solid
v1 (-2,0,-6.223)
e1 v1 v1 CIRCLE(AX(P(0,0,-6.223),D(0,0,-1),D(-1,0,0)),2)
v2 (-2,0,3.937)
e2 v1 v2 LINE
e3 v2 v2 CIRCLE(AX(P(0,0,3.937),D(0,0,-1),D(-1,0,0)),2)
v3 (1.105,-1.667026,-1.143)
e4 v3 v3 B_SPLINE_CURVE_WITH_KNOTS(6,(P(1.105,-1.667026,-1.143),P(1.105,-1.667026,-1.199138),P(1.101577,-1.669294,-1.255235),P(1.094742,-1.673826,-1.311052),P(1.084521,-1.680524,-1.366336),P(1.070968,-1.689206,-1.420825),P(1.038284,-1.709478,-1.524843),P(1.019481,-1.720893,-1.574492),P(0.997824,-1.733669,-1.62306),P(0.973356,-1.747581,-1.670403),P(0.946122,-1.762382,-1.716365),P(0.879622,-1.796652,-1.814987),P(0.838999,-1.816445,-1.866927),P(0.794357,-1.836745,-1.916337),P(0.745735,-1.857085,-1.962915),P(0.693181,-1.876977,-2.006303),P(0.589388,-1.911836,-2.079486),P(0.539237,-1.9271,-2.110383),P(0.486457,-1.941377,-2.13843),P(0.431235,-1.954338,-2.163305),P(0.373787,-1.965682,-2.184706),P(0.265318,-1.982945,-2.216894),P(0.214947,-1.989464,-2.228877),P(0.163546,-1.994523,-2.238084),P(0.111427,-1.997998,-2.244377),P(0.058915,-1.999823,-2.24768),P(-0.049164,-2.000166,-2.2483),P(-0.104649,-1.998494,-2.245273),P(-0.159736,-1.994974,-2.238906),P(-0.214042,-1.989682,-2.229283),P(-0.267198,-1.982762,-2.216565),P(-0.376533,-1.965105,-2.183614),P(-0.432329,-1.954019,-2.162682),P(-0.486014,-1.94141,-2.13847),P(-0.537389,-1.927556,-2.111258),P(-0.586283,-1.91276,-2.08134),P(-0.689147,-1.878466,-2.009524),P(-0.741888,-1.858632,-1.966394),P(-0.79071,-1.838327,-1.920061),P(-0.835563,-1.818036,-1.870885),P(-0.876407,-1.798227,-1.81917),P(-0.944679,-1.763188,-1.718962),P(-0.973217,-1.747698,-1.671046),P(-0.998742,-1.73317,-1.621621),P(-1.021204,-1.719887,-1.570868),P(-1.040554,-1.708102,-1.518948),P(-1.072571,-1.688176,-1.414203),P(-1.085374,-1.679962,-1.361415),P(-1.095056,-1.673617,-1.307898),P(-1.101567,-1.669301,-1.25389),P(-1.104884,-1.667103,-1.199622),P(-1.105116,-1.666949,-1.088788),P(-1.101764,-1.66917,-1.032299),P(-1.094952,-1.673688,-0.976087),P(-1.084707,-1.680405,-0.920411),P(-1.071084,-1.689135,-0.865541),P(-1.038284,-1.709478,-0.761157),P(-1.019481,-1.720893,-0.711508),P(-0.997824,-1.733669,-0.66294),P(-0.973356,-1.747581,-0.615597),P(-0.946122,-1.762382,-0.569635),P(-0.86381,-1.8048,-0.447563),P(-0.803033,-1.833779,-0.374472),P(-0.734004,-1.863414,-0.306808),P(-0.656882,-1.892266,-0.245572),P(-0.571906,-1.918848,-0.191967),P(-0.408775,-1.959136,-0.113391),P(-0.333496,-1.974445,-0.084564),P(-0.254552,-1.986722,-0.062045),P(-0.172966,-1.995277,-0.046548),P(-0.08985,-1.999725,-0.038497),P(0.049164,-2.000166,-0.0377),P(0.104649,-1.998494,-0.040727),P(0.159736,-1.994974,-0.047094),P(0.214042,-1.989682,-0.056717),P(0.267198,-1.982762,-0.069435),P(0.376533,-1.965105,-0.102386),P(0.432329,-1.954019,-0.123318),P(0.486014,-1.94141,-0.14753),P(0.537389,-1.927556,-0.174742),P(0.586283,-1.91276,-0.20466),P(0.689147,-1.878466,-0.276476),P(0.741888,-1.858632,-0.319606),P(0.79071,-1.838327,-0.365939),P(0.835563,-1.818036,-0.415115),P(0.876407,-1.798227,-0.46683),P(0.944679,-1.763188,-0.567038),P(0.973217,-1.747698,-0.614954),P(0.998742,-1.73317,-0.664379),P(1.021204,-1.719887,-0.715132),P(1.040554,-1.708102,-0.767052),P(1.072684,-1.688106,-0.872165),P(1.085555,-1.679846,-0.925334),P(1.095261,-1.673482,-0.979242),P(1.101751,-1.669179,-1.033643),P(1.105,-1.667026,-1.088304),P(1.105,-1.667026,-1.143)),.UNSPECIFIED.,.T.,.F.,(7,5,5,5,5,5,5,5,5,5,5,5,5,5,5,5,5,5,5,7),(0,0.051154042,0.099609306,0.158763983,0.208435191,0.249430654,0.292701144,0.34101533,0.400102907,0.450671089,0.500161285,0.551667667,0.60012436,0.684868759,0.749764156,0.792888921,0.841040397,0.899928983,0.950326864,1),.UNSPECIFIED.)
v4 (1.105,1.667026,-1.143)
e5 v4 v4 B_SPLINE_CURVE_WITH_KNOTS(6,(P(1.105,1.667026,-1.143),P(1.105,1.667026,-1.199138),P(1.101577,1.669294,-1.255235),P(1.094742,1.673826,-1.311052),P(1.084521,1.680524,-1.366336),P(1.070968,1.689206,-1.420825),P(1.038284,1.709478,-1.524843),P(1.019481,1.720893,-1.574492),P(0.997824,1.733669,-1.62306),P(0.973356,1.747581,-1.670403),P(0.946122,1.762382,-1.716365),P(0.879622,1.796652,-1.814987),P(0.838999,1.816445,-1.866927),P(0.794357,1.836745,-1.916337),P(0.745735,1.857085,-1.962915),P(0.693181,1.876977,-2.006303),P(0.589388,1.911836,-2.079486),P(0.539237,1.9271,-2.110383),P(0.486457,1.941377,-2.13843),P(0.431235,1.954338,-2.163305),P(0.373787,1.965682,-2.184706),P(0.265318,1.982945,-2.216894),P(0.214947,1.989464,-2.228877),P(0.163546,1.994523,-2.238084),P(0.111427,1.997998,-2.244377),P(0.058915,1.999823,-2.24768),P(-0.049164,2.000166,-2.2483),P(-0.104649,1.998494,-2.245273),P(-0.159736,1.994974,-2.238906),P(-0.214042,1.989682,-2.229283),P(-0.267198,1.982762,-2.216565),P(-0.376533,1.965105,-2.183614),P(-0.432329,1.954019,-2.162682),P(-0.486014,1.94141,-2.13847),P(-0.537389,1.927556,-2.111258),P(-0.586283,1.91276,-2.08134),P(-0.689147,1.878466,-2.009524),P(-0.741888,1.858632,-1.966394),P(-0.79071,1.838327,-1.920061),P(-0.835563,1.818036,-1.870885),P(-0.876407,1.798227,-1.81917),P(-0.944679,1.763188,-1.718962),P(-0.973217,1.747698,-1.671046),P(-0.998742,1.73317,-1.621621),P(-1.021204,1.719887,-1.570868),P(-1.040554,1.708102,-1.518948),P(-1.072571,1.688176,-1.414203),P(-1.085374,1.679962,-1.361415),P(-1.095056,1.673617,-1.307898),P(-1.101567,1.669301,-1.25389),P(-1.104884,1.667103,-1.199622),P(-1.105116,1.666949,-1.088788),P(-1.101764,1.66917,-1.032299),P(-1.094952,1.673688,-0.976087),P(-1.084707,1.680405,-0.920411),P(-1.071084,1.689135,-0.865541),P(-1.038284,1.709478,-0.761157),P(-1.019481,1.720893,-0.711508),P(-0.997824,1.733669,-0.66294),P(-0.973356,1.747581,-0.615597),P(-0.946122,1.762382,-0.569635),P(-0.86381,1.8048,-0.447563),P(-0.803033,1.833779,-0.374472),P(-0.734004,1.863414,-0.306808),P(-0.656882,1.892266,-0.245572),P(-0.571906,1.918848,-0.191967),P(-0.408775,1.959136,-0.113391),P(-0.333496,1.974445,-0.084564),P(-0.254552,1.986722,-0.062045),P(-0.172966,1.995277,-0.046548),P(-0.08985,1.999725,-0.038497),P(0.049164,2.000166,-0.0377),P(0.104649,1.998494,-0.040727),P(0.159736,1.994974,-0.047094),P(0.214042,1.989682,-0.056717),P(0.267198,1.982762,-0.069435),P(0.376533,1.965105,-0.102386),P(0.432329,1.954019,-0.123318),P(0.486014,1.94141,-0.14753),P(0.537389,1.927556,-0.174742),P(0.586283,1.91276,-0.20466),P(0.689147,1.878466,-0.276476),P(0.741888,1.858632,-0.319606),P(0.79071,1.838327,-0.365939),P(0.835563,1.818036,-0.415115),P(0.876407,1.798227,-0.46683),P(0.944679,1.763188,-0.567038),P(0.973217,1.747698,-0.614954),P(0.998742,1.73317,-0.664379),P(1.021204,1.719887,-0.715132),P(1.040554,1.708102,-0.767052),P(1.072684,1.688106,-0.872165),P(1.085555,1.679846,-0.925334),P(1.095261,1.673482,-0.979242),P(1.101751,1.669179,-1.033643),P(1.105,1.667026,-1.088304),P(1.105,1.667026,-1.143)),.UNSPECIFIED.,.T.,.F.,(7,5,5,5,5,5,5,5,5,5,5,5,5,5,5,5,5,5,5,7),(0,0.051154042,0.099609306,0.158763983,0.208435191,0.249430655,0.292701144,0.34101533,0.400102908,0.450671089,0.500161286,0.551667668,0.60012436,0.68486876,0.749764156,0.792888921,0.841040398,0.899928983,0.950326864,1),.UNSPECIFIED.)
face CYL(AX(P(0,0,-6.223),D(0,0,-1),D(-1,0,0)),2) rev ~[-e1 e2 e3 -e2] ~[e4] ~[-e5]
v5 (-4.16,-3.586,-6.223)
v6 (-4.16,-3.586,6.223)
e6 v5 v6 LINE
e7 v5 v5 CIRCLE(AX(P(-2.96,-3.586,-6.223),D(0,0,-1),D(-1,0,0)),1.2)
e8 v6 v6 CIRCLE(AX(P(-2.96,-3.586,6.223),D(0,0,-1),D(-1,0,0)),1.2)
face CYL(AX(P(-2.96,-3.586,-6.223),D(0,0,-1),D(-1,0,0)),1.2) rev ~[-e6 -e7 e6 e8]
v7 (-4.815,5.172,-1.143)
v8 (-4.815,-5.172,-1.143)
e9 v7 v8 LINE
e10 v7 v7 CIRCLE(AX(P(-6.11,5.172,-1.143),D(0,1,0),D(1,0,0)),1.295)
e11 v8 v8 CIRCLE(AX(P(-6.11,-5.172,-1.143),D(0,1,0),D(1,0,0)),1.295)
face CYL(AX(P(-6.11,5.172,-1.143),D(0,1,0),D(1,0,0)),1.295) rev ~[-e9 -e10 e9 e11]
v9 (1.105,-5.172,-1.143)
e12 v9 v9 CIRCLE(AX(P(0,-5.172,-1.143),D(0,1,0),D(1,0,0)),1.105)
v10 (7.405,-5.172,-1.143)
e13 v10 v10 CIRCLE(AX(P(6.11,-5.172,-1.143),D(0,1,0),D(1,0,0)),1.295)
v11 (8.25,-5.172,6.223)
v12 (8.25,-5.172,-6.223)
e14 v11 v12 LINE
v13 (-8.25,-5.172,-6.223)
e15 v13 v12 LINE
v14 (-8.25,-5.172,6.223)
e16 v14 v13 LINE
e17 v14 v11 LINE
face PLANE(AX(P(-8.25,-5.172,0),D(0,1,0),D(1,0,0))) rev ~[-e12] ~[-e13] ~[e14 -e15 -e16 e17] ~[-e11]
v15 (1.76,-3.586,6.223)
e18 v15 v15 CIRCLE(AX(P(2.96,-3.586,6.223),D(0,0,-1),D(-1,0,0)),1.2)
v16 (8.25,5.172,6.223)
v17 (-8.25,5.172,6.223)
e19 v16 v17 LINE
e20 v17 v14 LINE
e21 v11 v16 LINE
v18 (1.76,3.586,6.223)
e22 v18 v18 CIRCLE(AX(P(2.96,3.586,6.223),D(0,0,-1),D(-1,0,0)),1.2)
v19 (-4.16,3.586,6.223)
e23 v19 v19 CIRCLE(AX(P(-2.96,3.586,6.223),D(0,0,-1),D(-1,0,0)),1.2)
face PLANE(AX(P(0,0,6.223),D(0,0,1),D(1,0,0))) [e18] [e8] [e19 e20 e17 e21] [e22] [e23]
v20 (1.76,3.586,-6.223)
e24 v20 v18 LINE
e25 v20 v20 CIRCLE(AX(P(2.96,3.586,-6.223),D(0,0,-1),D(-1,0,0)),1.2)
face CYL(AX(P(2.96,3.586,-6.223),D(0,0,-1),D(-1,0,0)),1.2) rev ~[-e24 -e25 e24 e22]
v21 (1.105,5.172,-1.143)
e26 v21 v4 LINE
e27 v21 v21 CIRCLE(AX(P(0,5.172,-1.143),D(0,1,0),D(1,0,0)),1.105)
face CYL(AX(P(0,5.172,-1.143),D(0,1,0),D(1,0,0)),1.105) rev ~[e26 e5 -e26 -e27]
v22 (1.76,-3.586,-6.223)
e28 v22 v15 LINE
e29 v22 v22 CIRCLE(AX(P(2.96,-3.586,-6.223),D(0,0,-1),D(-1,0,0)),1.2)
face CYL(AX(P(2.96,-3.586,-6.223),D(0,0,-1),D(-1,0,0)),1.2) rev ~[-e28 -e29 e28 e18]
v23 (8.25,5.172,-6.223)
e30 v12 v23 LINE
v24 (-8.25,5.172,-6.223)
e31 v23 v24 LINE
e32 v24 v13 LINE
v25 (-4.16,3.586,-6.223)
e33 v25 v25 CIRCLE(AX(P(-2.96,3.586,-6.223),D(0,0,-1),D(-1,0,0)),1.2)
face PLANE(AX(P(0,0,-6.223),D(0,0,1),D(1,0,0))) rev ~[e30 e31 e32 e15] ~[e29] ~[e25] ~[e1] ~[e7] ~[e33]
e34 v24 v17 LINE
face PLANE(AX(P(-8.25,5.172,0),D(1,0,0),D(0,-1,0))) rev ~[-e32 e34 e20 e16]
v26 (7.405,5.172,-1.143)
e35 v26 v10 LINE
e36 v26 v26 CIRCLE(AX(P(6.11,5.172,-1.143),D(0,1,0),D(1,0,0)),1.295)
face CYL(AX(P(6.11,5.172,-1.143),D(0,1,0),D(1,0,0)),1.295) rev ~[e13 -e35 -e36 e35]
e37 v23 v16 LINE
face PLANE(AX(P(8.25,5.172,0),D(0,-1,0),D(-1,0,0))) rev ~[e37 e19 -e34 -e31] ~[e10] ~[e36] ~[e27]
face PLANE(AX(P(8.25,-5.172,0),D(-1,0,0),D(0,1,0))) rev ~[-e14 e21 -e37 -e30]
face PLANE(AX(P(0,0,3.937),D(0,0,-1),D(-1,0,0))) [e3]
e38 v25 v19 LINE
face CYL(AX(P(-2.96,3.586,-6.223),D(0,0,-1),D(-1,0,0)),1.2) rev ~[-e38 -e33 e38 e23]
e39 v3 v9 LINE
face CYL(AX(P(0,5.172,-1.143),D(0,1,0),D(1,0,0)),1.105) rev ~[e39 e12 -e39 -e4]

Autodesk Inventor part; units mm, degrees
ref_plane "YZ Plane" through (0, 0, 0) normal (1, 0, 0) x (0, 1, 0)
ref_plane "XZ Plane" through (0, 0, 0) normal (0, 1, 0) x (-1, 0, 0)
ref_plane "XY Plane" through (0, 0, 0) normal (0, 0, 1) x (1, 0, 0)
sketch "Sketch1" plane through (0, 0, 0) normal (0, 0, 1) x (1, 0, 0)
  line L0 (8.25, 5.172) -> (-8.25, 5.172)
  line L1 (-8.25, 5.172) -> (-8.25, -5.172)
  line L2 (-8.25, -5.172) -> (8.25, -5.172)
  line L3 (8.25, -5.172) -> (8.25, 5.172)
  point P0 (0, 0)
  dimension "d19" = 10.344
  dimension "d36" = 16.5
  dimension "d37" = 5.172
extrude "Box" add sketch "Sketch1" along normal mid plane 12.446
sketch "Sketch3" plane through (0, 0, -6.223) normal (0, 0, -1) x (-1, 0, 0)
  line L0 (-5.08, 0) -> (5.08, 0) construction
  line L1 (-4.75, 0) -> (4.75, 0) construction
  circle A0 centre (0, 0) radius 2
  dimension "d35" = 4
extrude "Slot" cut sketch "Sketch3" against normal blind 10.16
sketch "Sketch4" plane through (0, 0, -6.223) normal (0, 0, -1) x (-1, 0, 0)
  circle A0 centre (-2.96, 3.586) radius 1.2
  line L0 (8.25, 5.172) -> (-8.25, 5.172) projected
  circle A1 centre (0, 0) radius 2 projected
  line L1 (-8.25, 5.172) -> (-8.25, -5.172) projected
  dimension "d32" = 2.4
  dimension "d34" = 1.586
  dimension "d38" = 3.172
  dimension "d39" = 5.29
extrude "MountingHole" cut sketch "Sketch4" against normal blind 12.5 contours A0
pattern_linear "Mounting Holes" count 2 spacing 5.92 along (-1, 0, 0) count 2 spacing 7.172 along (0, -1, 0) of "MountingHole"
sketch "Sketch6" plane through (-8.25, 5.172, 6.223) normal (0, 1, 0) x (1, 0, 0)
  circle A0 centre (8.25, 7.366) radius 1.105
  point P0 (8.25, 6.223)
  dimension "d20" = 2.21
extrude "CentralSMAHole" cut sketch "Sketch6" against normal blind 12
sketch "Sketch8" plane through (-8.25, 5.172, 6.223) normal (0, 1, 0) x (1, 0, 0)
  circle A0 centre (14.36, 7.366) radius 1.295
  dimension "d23" = 2.59
extrude "SMAMounting" cut sketch "Sketch8" against normal blind 12
pattern_linear "SMAMountingHoles" count 2 spacing 12.22 along (-1, 0, 0) of "SMAMounting"
equation "\"d37\" = 0.5 * d19"
equation "\"d34\" = 0.5 * d38"
properties part number "NewSinkV2"
